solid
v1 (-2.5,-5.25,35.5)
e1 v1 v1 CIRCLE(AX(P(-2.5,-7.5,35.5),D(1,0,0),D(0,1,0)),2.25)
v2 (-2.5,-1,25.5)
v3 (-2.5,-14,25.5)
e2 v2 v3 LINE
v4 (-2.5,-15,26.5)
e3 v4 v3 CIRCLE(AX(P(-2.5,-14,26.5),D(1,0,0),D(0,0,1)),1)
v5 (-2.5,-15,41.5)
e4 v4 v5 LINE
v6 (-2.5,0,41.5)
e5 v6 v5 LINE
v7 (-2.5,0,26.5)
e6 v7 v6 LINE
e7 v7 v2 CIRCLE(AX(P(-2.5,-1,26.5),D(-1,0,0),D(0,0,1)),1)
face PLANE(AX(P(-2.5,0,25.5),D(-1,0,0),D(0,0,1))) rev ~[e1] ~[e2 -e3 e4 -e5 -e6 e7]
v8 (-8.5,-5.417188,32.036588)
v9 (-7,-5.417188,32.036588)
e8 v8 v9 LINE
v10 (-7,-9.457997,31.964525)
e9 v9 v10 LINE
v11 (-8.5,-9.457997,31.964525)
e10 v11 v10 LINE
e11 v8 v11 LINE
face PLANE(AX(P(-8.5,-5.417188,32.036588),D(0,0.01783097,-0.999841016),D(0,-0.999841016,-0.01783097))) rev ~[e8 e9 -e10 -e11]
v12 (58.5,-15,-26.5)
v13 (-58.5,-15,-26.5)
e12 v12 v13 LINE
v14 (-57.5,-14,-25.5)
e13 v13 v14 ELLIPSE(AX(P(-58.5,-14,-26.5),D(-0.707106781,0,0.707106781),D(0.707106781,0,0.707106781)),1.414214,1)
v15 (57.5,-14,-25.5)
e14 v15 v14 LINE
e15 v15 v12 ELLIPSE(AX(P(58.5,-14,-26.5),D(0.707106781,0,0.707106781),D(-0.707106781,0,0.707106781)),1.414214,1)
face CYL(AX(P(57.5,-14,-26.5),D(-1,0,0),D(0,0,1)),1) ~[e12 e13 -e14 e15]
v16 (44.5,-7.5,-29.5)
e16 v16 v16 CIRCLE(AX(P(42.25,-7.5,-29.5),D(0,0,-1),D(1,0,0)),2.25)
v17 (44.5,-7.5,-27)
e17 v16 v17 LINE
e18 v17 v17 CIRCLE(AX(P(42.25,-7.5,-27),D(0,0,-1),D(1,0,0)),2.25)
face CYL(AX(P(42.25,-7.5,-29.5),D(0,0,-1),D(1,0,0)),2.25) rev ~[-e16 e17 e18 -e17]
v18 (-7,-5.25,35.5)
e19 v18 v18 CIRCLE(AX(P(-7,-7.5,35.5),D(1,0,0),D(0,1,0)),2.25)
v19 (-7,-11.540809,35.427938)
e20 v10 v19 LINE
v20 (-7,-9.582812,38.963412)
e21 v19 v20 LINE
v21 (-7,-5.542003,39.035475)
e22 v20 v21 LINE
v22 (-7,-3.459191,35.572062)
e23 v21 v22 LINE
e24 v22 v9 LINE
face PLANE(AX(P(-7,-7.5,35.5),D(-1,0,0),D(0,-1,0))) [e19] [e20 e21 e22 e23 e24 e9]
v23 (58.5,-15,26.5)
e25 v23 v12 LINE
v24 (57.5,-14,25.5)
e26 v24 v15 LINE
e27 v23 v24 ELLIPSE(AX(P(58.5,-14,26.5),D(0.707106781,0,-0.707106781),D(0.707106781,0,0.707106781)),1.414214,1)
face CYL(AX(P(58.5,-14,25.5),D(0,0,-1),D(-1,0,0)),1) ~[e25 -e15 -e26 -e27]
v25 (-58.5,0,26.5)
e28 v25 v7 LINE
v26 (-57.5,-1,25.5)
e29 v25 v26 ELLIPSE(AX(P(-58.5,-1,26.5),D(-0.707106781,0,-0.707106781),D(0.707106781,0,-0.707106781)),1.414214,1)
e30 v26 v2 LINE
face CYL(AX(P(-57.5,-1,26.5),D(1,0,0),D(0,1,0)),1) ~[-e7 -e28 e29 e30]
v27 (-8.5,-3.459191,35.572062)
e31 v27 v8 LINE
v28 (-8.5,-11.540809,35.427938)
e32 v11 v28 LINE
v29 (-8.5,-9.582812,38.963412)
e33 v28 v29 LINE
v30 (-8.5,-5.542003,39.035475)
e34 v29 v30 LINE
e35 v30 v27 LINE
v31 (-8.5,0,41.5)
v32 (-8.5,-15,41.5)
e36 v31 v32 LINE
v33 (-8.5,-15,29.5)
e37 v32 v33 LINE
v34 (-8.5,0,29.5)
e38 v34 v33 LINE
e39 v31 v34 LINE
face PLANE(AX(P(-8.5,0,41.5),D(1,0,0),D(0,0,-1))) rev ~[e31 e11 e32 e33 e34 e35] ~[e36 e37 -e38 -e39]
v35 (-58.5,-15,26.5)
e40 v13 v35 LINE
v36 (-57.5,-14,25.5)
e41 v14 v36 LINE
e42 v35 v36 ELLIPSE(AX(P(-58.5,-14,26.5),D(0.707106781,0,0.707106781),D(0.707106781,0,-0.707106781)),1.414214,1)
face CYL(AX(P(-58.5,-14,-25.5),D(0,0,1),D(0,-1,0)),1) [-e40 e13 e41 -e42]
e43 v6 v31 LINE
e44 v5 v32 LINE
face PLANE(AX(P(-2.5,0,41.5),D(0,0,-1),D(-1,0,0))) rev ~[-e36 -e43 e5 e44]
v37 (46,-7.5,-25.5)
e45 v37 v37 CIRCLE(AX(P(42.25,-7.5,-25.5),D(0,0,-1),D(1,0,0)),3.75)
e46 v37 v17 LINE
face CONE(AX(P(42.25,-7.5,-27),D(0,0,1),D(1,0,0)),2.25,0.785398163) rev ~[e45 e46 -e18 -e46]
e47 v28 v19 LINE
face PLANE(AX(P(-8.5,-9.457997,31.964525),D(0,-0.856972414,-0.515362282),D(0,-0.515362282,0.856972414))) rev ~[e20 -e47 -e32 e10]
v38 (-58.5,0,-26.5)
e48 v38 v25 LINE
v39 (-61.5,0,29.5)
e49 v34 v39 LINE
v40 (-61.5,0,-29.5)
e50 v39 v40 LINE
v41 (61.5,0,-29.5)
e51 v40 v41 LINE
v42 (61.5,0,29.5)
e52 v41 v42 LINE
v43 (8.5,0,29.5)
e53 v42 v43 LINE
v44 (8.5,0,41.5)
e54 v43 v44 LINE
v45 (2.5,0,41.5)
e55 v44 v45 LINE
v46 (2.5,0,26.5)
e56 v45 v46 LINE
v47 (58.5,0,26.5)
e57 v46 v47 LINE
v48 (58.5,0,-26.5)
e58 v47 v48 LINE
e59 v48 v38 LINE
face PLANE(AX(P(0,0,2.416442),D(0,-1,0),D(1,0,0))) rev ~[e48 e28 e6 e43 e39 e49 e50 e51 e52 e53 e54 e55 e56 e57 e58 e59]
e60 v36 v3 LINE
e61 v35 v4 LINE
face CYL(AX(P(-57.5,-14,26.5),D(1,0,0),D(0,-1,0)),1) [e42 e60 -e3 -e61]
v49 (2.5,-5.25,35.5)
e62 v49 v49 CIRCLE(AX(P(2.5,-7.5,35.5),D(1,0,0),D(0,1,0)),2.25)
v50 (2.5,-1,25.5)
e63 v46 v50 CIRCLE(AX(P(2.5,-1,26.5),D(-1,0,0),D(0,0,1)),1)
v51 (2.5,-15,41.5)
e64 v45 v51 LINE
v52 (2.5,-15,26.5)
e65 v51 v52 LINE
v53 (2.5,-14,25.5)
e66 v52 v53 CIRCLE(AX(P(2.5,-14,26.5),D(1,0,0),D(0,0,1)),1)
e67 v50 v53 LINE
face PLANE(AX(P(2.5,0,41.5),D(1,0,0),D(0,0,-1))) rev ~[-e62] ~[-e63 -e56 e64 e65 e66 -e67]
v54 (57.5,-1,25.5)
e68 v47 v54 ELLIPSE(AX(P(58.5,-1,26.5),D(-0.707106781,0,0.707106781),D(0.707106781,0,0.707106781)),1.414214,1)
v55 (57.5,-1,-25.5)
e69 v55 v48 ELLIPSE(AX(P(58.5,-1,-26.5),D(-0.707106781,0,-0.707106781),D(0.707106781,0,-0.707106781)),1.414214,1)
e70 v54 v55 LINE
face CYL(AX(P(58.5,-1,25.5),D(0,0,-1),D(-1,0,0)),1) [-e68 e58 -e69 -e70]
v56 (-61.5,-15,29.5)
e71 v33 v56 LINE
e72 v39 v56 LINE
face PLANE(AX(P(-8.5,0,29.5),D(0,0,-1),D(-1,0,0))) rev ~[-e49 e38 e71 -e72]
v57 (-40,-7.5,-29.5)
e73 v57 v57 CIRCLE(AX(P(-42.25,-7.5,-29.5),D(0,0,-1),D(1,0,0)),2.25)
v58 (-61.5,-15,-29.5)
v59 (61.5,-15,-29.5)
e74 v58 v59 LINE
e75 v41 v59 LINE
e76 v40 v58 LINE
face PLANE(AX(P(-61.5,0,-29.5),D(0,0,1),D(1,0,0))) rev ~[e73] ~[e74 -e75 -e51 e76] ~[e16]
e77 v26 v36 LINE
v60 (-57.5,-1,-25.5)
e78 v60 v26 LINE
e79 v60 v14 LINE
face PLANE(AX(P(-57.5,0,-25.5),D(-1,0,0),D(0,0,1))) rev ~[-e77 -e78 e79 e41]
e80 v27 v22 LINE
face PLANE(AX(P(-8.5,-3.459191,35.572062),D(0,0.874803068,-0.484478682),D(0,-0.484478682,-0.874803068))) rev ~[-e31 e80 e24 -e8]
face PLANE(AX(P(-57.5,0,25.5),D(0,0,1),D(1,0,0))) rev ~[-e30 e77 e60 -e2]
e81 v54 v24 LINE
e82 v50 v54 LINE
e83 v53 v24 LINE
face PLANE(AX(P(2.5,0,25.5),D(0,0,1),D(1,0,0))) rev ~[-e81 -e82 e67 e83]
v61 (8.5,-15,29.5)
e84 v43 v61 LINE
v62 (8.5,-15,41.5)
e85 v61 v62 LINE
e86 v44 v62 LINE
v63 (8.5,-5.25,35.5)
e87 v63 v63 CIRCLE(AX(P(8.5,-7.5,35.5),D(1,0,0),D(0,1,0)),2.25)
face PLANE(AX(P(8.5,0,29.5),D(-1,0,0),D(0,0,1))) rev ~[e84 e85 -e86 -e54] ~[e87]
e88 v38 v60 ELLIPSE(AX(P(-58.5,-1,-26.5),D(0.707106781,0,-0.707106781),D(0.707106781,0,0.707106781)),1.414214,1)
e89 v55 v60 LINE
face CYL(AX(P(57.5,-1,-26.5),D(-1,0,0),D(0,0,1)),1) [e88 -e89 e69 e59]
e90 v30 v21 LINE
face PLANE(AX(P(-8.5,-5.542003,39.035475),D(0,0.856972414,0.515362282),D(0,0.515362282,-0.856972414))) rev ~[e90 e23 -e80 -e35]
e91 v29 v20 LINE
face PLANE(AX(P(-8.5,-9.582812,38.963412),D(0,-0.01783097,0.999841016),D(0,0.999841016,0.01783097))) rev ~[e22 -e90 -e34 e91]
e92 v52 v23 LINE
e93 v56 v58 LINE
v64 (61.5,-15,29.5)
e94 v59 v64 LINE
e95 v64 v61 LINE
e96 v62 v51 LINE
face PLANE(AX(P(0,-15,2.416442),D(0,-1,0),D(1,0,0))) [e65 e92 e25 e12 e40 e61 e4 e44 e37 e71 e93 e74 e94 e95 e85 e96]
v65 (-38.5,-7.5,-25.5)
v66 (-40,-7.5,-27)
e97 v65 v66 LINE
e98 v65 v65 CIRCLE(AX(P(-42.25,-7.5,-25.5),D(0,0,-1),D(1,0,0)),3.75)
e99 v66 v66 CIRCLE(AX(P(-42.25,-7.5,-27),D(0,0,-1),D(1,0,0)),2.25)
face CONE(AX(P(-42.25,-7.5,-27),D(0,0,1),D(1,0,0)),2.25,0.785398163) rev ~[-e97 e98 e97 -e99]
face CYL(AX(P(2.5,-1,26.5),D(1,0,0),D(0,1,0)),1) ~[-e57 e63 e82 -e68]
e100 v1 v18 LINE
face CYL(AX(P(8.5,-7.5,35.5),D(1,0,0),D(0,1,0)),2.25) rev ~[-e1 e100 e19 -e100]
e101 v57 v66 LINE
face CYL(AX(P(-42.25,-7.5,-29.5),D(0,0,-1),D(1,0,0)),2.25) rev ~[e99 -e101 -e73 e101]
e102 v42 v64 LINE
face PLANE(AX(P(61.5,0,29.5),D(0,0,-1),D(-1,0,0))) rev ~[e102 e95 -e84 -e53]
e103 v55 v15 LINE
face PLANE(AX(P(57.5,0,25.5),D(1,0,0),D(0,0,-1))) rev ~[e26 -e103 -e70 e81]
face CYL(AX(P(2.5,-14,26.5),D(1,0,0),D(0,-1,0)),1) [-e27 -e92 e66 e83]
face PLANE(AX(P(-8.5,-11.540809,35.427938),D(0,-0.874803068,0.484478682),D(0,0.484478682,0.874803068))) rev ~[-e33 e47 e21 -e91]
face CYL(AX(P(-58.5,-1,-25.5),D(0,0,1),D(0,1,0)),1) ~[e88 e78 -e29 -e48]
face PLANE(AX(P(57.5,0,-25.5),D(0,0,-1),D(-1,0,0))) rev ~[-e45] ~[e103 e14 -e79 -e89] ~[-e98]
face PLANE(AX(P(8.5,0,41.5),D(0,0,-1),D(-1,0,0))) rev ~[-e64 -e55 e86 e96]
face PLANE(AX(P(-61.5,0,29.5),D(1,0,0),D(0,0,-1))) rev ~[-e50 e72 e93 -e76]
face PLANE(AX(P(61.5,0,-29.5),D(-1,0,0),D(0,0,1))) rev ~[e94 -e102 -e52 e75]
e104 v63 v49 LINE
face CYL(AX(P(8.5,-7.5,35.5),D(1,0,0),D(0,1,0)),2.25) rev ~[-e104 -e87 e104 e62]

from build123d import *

# Parameters (mm, degrees)
F1_DEPTH = 15
F2_R     = 2.25
F3_DEPTH = 25
F4_R     = 2.25
F5_DEPTH = 5
F6_SIZE  = 1.5
F8_DEPTH = 1.5
F9_R     = 1


with BuildPart() as f1:
    # F0 (on Front) → F1 (new body)
    with BuildSketch(Plane.XZ):
        Polygon((-57.5, -25.5), (-57.5, 25.5), (-8.5, 25.5), (-2.5, 25.5), (-2.5, 41.5), (-8.5, 41.5), (-8.5, 29.5), (-61.5, 29.5), (-61.5, -29.5), (61.5, -29.5), (61.5, 29.5), (8.5, 29.5), (8.5, 41.5), (2.5, 41.5), (2.5, 25.5), (8.5, 25.5), (57.5, 25.5), (57.5, -25.5), align=None)
    extrude(amount=F1_DEPTH)

    # F2 (on face) → F3 (cut)
    with BuildSketch(Plane.YZ.offset(8.5)):
        with Locations((-7.5, 35.5)):
            Circle(F2_R)
    extrude(amount=-F3_DEPTH, mode=Mode.SUBTRACT)

    # F4 (on face) → F5 (cut)
    with BuildSketch(Plane(origin=(0, 0, -29.5), x_dir=(1, 0, 0), z_dir=(0, 0, -1))):
        with Locations((-42.25, 7.5)):
            Circle(F4_R)
        with Locations((42.25, 7.5)):
            Circle(F4_R)
    extrude(amount=-F5_DEPTH, mode=Mode.SUBTRACT)

    # F6
    f6_edges = [f1.edges().sort_by_distance(p)[0] for p in [
        (-44.5, -7.5, -25.5),
        (40, -7.5, -25.5),
    ]]
    chamfer(f6_edges, length=F6_SIZE)

    # F7 (on face) → F8 (cut)
    with BuildSketch(Plane(origin=(-8.5, 0, 0), x_dir=(0, -1, 0), z_dir=(-1, 0, 0))):
        Polygon((9.457997, 31.964525), (11.540809, 35.427938), (9.582812, 38.963412), (5.542003, 39.035475), (3.459191, 35.572062), (5.417188, 32.036588), align=None)
    extrude(amount=-F8_DEPTH, mode=Mode.SUBTRACT)

    # F9
    f9_edges = [f1.edges().sort_by_distance(p)[0] for p in [
        (30, 0, 25.5),
        (57.5, 0, 0),
        (-30, 0, 25.5),
        (-57.5, 0, 0),
        (0, 0, -25.5),
        (-30, -15, 25.5),
        (30, -15, 25.5),
        (-57.5, -15, 0),
        (0, -15, -25.5),
        (57.5, -15, 0),
    ]]
    fillet(f9_edges, radius=F9_R)


solid = f1.part
